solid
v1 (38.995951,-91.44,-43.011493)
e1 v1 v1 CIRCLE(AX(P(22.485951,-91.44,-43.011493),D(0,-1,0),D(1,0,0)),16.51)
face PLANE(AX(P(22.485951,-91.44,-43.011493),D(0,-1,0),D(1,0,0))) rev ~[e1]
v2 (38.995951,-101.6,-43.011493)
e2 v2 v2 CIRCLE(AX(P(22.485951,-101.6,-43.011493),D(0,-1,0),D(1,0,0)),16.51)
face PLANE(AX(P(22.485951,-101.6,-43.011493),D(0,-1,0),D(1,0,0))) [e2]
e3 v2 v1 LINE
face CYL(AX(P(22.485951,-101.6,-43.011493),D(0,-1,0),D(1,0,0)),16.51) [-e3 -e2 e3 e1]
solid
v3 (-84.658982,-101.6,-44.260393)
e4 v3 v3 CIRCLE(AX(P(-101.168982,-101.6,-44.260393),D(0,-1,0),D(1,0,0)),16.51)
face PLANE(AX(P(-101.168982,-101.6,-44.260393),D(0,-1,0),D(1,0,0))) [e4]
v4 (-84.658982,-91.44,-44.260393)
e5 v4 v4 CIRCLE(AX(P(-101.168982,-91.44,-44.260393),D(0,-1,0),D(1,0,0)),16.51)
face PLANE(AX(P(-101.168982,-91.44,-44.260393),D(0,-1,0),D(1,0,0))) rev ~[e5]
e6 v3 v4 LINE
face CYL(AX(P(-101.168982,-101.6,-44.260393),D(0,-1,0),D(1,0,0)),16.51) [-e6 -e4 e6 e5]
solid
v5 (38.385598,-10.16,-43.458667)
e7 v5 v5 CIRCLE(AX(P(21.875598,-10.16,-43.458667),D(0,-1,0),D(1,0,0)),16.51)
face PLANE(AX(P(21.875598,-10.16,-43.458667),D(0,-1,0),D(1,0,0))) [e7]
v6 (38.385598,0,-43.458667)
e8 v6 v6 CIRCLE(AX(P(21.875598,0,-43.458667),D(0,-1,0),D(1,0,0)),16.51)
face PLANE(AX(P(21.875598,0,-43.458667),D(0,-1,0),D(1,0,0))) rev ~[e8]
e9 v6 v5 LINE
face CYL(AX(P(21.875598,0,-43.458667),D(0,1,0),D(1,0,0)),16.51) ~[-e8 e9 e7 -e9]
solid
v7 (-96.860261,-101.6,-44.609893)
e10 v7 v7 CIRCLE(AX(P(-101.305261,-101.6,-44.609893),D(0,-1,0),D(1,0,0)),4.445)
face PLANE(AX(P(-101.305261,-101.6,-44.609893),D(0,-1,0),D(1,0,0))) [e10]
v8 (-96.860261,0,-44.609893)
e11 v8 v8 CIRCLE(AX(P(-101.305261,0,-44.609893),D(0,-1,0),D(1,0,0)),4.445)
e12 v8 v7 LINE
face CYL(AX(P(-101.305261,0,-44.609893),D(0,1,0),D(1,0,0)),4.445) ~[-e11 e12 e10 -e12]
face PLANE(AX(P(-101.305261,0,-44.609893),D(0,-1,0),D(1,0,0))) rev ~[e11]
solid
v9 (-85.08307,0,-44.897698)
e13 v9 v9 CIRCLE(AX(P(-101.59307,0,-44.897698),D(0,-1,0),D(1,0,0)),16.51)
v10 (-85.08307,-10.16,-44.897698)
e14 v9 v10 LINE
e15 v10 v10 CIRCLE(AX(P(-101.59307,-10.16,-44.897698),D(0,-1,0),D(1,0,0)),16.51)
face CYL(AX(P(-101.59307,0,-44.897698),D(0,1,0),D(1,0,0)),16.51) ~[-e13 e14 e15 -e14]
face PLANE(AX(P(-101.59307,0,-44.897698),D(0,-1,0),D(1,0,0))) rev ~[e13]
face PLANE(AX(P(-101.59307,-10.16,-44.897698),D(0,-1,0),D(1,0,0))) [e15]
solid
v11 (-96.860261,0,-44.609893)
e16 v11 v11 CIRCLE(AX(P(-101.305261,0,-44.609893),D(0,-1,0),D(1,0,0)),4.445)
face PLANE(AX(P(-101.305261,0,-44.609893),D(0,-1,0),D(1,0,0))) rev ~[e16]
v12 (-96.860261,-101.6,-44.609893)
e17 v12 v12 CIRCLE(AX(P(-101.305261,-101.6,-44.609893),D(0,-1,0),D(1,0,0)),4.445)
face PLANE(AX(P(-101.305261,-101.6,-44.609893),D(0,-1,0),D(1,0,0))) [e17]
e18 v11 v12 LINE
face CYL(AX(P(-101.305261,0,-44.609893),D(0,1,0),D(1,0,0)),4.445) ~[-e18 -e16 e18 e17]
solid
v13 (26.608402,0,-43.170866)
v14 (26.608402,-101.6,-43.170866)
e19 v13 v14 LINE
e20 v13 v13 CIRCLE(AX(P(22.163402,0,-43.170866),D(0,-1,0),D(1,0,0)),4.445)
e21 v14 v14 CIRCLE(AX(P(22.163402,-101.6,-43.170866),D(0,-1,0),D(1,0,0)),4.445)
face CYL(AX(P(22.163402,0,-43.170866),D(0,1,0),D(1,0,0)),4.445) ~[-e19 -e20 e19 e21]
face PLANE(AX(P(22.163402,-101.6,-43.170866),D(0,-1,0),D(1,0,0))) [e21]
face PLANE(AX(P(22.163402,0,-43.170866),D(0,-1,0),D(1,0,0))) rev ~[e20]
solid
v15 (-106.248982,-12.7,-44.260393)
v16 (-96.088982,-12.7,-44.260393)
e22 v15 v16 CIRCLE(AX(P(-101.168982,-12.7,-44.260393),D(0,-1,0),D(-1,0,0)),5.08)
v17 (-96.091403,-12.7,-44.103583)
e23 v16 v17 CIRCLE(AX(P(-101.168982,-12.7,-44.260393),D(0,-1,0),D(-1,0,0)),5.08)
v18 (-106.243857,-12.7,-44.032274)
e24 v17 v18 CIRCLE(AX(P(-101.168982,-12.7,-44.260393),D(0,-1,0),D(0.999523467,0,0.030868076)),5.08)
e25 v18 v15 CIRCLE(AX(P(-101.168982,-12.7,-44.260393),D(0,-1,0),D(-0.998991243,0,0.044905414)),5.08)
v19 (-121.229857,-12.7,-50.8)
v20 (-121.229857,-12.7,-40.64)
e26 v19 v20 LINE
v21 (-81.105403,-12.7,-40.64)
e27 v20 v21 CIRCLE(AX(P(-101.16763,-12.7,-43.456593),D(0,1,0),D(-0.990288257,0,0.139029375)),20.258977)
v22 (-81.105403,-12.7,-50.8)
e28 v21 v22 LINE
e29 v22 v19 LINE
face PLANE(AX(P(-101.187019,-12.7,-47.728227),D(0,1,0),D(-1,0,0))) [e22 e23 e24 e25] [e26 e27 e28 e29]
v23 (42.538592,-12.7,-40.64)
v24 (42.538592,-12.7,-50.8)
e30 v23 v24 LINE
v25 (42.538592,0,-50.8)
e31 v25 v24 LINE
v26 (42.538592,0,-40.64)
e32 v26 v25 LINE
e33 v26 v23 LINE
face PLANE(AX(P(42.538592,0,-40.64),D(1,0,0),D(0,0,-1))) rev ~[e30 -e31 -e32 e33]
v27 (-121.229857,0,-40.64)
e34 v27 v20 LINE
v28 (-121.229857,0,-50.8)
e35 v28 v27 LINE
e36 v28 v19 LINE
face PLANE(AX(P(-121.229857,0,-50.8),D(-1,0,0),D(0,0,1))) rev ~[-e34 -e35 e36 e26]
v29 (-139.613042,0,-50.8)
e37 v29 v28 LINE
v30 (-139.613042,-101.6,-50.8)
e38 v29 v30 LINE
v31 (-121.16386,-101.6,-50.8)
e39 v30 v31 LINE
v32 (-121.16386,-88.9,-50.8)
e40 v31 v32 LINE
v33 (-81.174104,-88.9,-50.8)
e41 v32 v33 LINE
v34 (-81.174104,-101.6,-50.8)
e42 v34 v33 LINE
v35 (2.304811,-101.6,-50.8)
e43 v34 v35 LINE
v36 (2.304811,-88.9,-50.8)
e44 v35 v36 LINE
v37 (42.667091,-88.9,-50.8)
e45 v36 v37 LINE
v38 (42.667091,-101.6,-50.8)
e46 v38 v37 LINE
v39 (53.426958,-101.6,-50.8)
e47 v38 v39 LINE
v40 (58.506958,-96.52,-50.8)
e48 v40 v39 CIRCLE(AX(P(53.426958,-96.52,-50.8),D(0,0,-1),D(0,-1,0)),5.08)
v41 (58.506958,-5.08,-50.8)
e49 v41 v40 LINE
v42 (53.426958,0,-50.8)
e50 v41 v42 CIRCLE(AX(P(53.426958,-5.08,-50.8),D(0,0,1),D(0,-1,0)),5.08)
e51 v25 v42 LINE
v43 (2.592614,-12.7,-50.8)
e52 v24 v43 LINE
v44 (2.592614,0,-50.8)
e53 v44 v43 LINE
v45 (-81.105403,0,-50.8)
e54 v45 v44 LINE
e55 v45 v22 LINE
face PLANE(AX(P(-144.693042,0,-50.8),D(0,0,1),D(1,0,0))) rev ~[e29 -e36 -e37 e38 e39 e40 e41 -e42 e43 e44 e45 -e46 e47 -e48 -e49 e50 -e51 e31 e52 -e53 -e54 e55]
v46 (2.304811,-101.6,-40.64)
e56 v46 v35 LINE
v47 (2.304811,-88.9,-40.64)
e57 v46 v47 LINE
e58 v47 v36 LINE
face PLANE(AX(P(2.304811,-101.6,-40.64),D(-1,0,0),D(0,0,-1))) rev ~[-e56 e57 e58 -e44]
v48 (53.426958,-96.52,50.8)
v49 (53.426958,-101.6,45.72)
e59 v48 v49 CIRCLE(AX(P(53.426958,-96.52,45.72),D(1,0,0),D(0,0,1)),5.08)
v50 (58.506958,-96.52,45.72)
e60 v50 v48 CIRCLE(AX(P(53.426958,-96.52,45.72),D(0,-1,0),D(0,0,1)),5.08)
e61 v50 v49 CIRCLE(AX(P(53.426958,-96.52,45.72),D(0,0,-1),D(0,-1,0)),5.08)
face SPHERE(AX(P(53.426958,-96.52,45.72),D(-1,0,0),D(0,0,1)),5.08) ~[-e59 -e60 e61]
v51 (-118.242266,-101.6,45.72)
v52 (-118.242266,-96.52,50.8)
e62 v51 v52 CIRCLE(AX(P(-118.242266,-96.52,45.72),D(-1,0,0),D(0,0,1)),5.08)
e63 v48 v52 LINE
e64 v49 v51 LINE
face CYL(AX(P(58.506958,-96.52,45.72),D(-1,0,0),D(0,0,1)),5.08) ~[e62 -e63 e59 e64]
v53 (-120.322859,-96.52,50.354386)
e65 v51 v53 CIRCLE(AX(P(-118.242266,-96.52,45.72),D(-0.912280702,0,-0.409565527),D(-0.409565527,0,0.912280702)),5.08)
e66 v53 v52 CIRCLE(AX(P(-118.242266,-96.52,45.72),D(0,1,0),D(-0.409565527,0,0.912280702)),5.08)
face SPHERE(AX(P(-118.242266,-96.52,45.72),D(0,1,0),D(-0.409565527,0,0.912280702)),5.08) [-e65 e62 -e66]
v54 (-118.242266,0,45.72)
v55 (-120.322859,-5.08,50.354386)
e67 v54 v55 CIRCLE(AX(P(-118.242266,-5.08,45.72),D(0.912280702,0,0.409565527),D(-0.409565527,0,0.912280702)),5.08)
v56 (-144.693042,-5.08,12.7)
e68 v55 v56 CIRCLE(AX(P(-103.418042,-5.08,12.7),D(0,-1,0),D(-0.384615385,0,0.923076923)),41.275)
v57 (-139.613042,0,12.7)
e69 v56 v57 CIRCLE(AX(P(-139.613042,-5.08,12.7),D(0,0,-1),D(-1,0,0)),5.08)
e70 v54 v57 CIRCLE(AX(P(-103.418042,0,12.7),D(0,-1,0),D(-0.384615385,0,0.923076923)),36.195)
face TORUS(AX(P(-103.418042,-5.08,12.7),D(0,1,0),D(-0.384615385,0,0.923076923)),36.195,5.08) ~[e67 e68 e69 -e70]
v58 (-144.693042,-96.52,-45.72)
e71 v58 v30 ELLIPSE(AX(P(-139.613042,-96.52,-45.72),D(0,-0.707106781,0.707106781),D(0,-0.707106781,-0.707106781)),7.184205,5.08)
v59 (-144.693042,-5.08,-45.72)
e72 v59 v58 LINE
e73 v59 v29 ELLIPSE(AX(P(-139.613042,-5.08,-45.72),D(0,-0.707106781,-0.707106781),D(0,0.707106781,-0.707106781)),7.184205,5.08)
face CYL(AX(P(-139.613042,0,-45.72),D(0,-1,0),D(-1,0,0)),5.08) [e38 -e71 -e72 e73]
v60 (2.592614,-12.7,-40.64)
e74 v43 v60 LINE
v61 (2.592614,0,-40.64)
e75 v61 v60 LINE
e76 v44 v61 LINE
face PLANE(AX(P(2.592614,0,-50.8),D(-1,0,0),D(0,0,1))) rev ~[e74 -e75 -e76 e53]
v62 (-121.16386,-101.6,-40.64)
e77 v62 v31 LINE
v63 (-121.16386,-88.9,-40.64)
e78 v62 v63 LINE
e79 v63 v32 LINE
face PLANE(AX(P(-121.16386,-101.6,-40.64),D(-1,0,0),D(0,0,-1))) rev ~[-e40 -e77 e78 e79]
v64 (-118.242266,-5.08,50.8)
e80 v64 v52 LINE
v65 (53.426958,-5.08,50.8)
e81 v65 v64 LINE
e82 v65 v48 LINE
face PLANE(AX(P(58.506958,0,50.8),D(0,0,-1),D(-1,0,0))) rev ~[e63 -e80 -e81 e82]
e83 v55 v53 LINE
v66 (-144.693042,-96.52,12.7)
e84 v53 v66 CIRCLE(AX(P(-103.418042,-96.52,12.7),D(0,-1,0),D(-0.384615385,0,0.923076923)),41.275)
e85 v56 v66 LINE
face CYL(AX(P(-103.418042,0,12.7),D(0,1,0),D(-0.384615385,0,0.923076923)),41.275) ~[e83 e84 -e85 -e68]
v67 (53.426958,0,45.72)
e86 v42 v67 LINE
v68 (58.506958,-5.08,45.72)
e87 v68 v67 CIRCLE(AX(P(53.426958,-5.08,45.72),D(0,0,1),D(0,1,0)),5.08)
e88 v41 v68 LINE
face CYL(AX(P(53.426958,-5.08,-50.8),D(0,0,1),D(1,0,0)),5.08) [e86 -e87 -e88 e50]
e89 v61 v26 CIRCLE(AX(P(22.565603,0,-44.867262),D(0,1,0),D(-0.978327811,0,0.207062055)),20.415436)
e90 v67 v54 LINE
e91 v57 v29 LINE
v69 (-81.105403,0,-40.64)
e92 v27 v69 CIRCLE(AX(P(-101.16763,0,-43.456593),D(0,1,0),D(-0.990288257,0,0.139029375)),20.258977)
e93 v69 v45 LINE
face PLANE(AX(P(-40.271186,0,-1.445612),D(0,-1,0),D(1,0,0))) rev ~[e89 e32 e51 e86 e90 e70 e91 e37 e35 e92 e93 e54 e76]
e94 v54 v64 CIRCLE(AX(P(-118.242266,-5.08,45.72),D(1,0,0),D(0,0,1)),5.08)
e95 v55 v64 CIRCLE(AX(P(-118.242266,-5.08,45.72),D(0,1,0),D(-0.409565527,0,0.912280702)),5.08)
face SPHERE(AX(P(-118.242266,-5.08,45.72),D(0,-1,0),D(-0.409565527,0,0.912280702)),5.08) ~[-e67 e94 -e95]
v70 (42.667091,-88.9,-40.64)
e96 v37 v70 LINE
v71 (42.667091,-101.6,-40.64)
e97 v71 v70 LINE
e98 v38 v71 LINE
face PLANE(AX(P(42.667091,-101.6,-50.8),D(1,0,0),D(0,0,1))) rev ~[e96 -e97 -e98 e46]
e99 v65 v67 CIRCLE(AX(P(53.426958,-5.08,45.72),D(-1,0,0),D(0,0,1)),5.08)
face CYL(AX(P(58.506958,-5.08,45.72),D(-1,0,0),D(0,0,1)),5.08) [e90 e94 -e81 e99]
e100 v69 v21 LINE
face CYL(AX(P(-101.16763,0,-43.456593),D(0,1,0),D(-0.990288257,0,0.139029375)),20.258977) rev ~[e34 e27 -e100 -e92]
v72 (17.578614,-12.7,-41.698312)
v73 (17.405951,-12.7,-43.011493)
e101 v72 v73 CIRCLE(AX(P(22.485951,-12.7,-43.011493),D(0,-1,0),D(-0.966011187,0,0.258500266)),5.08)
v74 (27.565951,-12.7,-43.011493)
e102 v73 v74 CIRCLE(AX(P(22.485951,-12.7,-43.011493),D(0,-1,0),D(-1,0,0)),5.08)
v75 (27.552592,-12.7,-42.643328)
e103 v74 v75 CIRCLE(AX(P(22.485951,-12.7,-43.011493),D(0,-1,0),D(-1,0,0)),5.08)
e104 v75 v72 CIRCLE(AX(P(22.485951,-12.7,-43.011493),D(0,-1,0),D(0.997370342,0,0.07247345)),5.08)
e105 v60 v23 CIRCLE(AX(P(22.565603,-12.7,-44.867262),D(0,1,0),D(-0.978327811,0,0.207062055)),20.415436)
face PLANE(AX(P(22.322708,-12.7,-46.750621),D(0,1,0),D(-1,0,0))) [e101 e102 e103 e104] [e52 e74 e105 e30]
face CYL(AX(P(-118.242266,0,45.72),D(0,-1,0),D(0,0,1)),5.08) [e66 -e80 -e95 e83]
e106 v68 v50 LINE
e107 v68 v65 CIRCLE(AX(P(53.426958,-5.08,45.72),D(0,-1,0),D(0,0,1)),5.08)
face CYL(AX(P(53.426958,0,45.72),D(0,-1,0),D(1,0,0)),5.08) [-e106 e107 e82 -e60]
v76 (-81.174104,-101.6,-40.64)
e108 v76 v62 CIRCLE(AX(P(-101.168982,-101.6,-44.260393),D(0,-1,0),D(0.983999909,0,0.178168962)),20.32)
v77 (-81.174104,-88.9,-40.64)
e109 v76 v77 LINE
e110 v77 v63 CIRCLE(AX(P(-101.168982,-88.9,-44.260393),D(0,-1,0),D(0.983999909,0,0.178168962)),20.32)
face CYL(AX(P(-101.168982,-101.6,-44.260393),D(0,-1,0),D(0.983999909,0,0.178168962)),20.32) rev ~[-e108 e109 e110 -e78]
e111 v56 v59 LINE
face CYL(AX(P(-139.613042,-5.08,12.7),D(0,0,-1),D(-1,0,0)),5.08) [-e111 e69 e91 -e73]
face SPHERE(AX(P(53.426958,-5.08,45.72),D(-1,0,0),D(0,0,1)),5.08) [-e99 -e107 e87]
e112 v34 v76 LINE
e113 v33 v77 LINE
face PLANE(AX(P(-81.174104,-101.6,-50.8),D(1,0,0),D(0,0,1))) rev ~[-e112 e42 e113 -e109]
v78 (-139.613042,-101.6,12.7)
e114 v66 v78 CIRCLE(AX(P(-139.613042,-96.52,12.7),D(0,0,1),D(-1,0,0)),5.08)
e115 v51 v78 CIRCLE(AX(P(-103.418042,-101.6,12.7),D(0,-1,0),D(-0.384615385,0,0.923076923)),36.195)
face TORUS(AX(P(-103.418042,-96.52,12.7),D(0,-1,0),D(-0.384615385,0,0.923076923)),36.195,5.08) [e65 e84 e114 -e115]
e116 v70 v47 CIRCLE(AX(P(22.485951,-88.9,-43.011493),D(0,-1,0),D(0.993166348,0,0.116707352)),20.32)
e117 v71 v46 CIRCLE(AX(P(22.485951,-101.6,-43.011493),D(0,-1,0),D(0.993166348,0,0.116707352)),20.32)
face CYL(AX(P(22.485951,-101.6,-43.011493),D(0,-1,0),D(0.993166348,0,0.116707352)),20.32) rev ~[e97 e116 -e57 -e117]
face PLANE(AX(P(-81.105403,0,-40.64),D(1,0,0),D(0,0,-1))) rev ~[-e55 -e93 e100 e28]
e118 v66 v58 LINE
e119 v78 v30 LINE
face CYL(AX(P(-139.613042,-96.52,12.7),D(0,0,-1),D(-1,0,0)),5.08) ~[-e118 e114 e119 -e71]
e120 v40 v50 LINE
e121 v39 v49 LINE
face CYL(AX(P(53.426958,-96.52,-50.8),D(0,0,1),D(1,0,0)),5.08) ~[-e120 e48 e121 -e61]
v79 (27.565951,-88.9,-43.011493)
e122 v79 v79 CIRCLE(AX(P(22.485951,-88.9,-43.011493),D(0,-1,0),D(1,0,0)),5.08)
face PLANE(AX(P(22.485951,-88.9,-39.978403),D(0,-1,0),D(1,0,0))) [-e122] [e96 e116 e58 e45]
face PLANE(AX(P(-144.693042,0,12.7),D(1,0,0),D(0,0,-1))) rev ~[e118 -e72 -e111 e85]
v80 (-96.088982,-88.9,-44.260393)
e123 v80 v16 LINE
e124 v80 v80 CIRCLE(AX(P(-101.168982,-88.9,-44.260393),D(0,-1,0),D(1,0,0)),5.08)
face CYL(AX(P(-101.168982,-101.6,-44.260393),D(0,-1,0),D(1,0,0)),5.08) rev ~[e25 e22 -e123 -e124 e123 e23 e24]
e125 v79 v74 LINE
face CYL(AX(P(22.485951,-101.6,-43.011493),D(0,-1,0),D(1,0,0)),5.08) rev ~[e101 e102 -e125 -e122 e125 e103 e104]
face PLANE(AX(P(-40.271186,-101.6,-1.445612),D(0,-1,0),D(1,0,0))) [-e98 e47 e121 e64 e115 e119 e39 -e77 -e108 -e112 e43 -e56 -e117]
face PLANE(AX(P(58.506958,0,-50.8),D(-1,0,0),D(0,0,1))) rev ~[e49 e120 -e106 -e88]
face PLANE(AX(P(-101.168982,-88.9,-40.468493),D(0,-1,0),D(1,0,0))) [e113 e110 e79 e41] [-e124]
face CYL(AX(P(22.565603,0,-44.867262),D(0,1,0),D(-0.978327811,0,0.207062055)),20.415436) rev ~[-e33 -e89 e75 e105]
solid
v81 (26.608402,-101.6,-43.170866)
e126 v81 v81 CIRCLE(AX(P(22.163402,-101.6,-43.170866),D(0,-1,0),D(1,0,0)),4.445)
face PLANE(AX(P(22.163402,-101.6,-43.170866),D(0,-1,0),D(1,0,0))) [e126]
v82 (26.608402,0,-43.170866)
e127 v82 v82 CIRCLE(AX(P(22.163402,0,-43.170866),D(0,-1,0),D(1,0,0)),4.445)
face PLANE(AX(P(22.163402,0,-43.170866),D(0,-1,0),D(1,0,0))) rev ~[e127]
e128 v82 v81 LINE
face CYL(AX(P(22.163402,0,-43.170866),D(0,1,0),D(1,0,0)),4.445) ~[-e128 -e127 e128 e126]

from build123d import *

# Parameters (mm, degrees)
F1_DEPTH  = 101.6
F2_R      = 5.08
F3_R      = 5.08
F4_DEPTH  = 12.7
F5_DEPTH  = 101.6
F7_DEPTH  = 12.7
F8_R      = 4.445
F9_DEPTH  = 101.6
F10_DEPTH = 101.6
F11_R     = 16.51
F12_DEPTH = 10.16
F13_R     = 16.51
F14_DEPTH = 10.16


with BuildPart() as f1:
    # F0 (on Front) → F1 (new body)
    with BuildSketch(Plane.XZ):
        with BuildLine():
            Line((58.5069581866, -50.8), (58.5069581866, 0))
            Line((58.5069581866, 0), (58.5069581866, 50.8))
            Line((58.5069581866, 50.8), (-119.2930418134, 50.8))
            ThreePointArc((-119.2930418134, 50.8), (-137.7609177122, 35.5952505992), (-144.6930418134, 12.7))
            Line((-144.6930418134, 12.7), (-144.6930418134, -50.8))
            Line((-144.6930418134, -50.8), (58.5069581866, -50.8))
        make_face()
    extrude(amount=F1_DEPTH)

    # F2
    f2_edges = [f1.edges().sort_by_distance(p)[0] for p in [
        (-30.393042, 0, 50.8),
        (-119.293042, -50.8, 50.8),
        (-137.760918, 0, 35.595251),
        (-144.693042, 0, -19.05),
        (-144.693042, -101.6, -19.05),
        (-137.760918, -101.6, 35.595251),
        (-30.393042, -101.6, 50.8),
        (58.506958, -50.8, 50.8),
        (58.506958, 0, 0),
        (58.506958, -101.6, 0),
        (-144.693042, -50.8, -50.8),
    ]]
    fillet(f2_edges, radius=F2_R)

    # F3 (on face) → F4 (cut)
    with BuildSketch(Plane.XZ.offset(101.6)):
        with BuildLine():
            Line((-121.1638599634, -40.64), (-121.1638599634, -50.8))
            Line((-121.1638599634, -50.8), (-81.1741036591, -50.8))
            Line((-81.1741036591, -50.8), (-81.1741036591, -40.64))
            ThreePointArc((-81.1741036591, -40.64), (-101.1689818113, -23.9403933046), (-121.1638599634, -40.64))
        make_face()
        with Locations((-101.1689818113, -44.2603933046)):
            Circle(F3_R, mode=Mode.SUBTRACT)
        with BuildLine():
            Line((2.304810565, -40.64), (2.304810565, -50.8))
            Line((2.304810565, -50.8), (42.6670909313, -50.8))
            Line((42.6670909313, -50.8), (42.6670909313, -40.64))
            ThreePointArc((42.6670909313, -40.64), (22.4859507481, -22.6914933917), (2.304810565, -40.64))
        make_face()
        with Locations((22.4859507481, -43.0114933917)):
            Circle(F3_R, mode=Mode.SUBTRACT)
    extrude(amount=-F4_DEPTH, mode=Mode.SUBTRACT)

    # F5 (cut): faces of the model
    f5_faces = [f1.faces().sort_by_distance(p)[0] for p in [
        (-101.1689818113, -101.6, -44.2603933046),
        (22.4859507481, -101.6, -43.0114933917),
    ]]
    extrude(f5_faces, amount=-F5_DEPTH, mode=Mode.SUBTRACT)

    # F6 (on face) → F7 (cut)
    with BuildSketch(Plane(origin=(0, 0, 0), x_dir=(-1, 0, 0), z_dir=(0, 1, 0))):
        with BuildLine():
            Line((-2.5926139206, -41.6983120407), (-17.5786139206, -41.6983120407))
            ThreePointArc((-17.5786139206, -41.6983120407), (-17.4493015106, -42.3492513982), (-17.4059507481, -43.0114933917))
            ThreePointArc((-17.4059507481, -43.0114933917), (-22.6701544481, -48.0881526276), (-27.5525920855, -42.6433282679))
            Line((-27.5525920855, -42.6433282679), (-42.5385920855, -42.6433282679))
            Line((-42.5385920855, -42.6433282679), (-42.5385920855, -50.8))
            Line((-42.5385920855, -50.8), (-2.5926139206, -50.8))
            Line((-2.5926139206, -50.8), (-2.5926139206, -41.6983120407))
        make_face()
        with BuildLine():
            Line((81.1054025969, -44.1035834766), (81.1054025969, -50.8))
            Line((81.1054025969, -50.8), (121.2298573264, -50.8))
            Line((121.2298573264, -50.8), (121.2298573264, -44.0322738067))
            Line((121.2298573264, -44.0322738067), (106.2438573264, -44.0322738067))
            ThreePointArc((106.2438573264, -44.0322738067), (106.2477005285, -44.1463047801), (106.2489818113, -44.2603933046))
            ThreePointArc((106.2489818113, -44.2603933046), (101.0905675549, -49.3397880722), (96.0914025969, -44.1035834766))
            Line((96.0914025969, -44.1035834766), (81.1054025969, -44.1035834766))
        make_face()
        with BuildLine():
            Line((81.1054025969, -40.64), (81.1054025969, -44.1035834766))
            Line((81.1054025969, -44.1035834766), (96.0914025969, -44.1035834766))
            ThreePointArc((96.0914025969, -44.1035834766), (101.1333013579, -39.1805186108), (106.2438573264, -44.0322738067))
            Line((106.2438573264, -44.0322738067), (121.2298573264, -44.0322738067))
            Line((121.2298573264, -44.0322738067), (121.2298573264, -40.64))
            ThreePointArc((121.2298573264, -40.64), (101.1676299617, -23.1976156262), (81.1054025969, -40.64))
        make_face()
        with BuildLine():
            ThreePointArc((-27.5525920855, -42.6433282679), (-22.9651254544, -37.9541431368), (-17.5786139206, -41.6983120407))
            Line((-17.5786139206, -41.6983120407), (-2.5926139206, -41.6983120407))
            Line((-2.5926139206, -41.6983120407), (-2.5926139206, -40.64))
            ThreePointArc((-2.5926139206, -40.64), (-22.565603003, -24.4518259035), (-42.5385920855, -40.64))
            Line((-42.5385920855, -40.64), (-42.5385920855, -42.6433282679))
            Line((-42.5385920855, -42.6433282679), (-27.5525920855, -42.6433282679))
        make_face()
    extrude(amount=-F7_DEPTH, mode=Mode.SUBTRACT)


with BuildPart() as f9:
    # F8 (on Front) → F9 (new body)
    with BuildSketch(Plane.XZ):
        with Locations((-101.3052612543, -44.6098931134)):
            Circle(F8_R)
    extrude(amount=F9_DEPTH)


with BuildPart() as f9b:
    # F8 (on Front) → F9, piece 2 (new body)
    with BuildSketch(Plane.XZ):
        with Locations((22.1634022892, -43.1708656251)):
            Circle(F8_R)
    extrude(amount=F9_DEPTH)


with BuildPart() as f10:
    # F8 (on Front) → F10 (new body)
    with BuildSketch(Plane.XZ):
        with Locations((-101.3052612543, -44.6098931134)):
            Circle(F8_R)
    extrude(amount=F10_DEPTH)


with BuildPart() as f10b:
    # F8 (on Front) → F10, piece 2 (new body)
    with BuildSketch(Plane.XZ):
        with Locations((22.1634022892, -43.1708656251)):
            Circle(F8_R)
    extrude(amount=F10_DEPTH)


with BuildPart() as f12:
    # F11 (on Front) → F12 (new body)
    with BuildSketch(Plane.XZ):
        with Locations((21.8755975366, -43.4586666524)):
            Circle(F11_R)
    extrude(amount=F12_DEPTH)


with BuildPart() as f12b:
    # F11 (on Front) → F12, piece 2 (new body)
    with BuildSketch(Plane.XZ):
        with Locations((-101.5930697322, -44.897697866)):
            Circle(F11_R)
    extrude(amount=F12_DEPTH)


with BuildPart() as f14:
    # F13 (on face) → F14 (new body)
    with BuildSketch(Plane.XZ.offset(101.6)):
        with Locations((-101.1689818113, -44.2603933046)):
            Circle(F13_R)
    extrude(amount=-F14_DEPTH)


with BuildPart() as f14b:
    # F13 (on face) → F14, piece 2 (new body)
    with BuildSketch(Plane.XZ.offset(101.6)):
        with Locations((22.4859507481, -43.0114933917)):
            Circle(F13_R)
    extrude(amount=-F14_DEPTH)


solid = Compound([f1.part, f9.part, f9b.part, f10.part, f10b.part, f12.part, f12b.part, f14.part, f14b.part])
